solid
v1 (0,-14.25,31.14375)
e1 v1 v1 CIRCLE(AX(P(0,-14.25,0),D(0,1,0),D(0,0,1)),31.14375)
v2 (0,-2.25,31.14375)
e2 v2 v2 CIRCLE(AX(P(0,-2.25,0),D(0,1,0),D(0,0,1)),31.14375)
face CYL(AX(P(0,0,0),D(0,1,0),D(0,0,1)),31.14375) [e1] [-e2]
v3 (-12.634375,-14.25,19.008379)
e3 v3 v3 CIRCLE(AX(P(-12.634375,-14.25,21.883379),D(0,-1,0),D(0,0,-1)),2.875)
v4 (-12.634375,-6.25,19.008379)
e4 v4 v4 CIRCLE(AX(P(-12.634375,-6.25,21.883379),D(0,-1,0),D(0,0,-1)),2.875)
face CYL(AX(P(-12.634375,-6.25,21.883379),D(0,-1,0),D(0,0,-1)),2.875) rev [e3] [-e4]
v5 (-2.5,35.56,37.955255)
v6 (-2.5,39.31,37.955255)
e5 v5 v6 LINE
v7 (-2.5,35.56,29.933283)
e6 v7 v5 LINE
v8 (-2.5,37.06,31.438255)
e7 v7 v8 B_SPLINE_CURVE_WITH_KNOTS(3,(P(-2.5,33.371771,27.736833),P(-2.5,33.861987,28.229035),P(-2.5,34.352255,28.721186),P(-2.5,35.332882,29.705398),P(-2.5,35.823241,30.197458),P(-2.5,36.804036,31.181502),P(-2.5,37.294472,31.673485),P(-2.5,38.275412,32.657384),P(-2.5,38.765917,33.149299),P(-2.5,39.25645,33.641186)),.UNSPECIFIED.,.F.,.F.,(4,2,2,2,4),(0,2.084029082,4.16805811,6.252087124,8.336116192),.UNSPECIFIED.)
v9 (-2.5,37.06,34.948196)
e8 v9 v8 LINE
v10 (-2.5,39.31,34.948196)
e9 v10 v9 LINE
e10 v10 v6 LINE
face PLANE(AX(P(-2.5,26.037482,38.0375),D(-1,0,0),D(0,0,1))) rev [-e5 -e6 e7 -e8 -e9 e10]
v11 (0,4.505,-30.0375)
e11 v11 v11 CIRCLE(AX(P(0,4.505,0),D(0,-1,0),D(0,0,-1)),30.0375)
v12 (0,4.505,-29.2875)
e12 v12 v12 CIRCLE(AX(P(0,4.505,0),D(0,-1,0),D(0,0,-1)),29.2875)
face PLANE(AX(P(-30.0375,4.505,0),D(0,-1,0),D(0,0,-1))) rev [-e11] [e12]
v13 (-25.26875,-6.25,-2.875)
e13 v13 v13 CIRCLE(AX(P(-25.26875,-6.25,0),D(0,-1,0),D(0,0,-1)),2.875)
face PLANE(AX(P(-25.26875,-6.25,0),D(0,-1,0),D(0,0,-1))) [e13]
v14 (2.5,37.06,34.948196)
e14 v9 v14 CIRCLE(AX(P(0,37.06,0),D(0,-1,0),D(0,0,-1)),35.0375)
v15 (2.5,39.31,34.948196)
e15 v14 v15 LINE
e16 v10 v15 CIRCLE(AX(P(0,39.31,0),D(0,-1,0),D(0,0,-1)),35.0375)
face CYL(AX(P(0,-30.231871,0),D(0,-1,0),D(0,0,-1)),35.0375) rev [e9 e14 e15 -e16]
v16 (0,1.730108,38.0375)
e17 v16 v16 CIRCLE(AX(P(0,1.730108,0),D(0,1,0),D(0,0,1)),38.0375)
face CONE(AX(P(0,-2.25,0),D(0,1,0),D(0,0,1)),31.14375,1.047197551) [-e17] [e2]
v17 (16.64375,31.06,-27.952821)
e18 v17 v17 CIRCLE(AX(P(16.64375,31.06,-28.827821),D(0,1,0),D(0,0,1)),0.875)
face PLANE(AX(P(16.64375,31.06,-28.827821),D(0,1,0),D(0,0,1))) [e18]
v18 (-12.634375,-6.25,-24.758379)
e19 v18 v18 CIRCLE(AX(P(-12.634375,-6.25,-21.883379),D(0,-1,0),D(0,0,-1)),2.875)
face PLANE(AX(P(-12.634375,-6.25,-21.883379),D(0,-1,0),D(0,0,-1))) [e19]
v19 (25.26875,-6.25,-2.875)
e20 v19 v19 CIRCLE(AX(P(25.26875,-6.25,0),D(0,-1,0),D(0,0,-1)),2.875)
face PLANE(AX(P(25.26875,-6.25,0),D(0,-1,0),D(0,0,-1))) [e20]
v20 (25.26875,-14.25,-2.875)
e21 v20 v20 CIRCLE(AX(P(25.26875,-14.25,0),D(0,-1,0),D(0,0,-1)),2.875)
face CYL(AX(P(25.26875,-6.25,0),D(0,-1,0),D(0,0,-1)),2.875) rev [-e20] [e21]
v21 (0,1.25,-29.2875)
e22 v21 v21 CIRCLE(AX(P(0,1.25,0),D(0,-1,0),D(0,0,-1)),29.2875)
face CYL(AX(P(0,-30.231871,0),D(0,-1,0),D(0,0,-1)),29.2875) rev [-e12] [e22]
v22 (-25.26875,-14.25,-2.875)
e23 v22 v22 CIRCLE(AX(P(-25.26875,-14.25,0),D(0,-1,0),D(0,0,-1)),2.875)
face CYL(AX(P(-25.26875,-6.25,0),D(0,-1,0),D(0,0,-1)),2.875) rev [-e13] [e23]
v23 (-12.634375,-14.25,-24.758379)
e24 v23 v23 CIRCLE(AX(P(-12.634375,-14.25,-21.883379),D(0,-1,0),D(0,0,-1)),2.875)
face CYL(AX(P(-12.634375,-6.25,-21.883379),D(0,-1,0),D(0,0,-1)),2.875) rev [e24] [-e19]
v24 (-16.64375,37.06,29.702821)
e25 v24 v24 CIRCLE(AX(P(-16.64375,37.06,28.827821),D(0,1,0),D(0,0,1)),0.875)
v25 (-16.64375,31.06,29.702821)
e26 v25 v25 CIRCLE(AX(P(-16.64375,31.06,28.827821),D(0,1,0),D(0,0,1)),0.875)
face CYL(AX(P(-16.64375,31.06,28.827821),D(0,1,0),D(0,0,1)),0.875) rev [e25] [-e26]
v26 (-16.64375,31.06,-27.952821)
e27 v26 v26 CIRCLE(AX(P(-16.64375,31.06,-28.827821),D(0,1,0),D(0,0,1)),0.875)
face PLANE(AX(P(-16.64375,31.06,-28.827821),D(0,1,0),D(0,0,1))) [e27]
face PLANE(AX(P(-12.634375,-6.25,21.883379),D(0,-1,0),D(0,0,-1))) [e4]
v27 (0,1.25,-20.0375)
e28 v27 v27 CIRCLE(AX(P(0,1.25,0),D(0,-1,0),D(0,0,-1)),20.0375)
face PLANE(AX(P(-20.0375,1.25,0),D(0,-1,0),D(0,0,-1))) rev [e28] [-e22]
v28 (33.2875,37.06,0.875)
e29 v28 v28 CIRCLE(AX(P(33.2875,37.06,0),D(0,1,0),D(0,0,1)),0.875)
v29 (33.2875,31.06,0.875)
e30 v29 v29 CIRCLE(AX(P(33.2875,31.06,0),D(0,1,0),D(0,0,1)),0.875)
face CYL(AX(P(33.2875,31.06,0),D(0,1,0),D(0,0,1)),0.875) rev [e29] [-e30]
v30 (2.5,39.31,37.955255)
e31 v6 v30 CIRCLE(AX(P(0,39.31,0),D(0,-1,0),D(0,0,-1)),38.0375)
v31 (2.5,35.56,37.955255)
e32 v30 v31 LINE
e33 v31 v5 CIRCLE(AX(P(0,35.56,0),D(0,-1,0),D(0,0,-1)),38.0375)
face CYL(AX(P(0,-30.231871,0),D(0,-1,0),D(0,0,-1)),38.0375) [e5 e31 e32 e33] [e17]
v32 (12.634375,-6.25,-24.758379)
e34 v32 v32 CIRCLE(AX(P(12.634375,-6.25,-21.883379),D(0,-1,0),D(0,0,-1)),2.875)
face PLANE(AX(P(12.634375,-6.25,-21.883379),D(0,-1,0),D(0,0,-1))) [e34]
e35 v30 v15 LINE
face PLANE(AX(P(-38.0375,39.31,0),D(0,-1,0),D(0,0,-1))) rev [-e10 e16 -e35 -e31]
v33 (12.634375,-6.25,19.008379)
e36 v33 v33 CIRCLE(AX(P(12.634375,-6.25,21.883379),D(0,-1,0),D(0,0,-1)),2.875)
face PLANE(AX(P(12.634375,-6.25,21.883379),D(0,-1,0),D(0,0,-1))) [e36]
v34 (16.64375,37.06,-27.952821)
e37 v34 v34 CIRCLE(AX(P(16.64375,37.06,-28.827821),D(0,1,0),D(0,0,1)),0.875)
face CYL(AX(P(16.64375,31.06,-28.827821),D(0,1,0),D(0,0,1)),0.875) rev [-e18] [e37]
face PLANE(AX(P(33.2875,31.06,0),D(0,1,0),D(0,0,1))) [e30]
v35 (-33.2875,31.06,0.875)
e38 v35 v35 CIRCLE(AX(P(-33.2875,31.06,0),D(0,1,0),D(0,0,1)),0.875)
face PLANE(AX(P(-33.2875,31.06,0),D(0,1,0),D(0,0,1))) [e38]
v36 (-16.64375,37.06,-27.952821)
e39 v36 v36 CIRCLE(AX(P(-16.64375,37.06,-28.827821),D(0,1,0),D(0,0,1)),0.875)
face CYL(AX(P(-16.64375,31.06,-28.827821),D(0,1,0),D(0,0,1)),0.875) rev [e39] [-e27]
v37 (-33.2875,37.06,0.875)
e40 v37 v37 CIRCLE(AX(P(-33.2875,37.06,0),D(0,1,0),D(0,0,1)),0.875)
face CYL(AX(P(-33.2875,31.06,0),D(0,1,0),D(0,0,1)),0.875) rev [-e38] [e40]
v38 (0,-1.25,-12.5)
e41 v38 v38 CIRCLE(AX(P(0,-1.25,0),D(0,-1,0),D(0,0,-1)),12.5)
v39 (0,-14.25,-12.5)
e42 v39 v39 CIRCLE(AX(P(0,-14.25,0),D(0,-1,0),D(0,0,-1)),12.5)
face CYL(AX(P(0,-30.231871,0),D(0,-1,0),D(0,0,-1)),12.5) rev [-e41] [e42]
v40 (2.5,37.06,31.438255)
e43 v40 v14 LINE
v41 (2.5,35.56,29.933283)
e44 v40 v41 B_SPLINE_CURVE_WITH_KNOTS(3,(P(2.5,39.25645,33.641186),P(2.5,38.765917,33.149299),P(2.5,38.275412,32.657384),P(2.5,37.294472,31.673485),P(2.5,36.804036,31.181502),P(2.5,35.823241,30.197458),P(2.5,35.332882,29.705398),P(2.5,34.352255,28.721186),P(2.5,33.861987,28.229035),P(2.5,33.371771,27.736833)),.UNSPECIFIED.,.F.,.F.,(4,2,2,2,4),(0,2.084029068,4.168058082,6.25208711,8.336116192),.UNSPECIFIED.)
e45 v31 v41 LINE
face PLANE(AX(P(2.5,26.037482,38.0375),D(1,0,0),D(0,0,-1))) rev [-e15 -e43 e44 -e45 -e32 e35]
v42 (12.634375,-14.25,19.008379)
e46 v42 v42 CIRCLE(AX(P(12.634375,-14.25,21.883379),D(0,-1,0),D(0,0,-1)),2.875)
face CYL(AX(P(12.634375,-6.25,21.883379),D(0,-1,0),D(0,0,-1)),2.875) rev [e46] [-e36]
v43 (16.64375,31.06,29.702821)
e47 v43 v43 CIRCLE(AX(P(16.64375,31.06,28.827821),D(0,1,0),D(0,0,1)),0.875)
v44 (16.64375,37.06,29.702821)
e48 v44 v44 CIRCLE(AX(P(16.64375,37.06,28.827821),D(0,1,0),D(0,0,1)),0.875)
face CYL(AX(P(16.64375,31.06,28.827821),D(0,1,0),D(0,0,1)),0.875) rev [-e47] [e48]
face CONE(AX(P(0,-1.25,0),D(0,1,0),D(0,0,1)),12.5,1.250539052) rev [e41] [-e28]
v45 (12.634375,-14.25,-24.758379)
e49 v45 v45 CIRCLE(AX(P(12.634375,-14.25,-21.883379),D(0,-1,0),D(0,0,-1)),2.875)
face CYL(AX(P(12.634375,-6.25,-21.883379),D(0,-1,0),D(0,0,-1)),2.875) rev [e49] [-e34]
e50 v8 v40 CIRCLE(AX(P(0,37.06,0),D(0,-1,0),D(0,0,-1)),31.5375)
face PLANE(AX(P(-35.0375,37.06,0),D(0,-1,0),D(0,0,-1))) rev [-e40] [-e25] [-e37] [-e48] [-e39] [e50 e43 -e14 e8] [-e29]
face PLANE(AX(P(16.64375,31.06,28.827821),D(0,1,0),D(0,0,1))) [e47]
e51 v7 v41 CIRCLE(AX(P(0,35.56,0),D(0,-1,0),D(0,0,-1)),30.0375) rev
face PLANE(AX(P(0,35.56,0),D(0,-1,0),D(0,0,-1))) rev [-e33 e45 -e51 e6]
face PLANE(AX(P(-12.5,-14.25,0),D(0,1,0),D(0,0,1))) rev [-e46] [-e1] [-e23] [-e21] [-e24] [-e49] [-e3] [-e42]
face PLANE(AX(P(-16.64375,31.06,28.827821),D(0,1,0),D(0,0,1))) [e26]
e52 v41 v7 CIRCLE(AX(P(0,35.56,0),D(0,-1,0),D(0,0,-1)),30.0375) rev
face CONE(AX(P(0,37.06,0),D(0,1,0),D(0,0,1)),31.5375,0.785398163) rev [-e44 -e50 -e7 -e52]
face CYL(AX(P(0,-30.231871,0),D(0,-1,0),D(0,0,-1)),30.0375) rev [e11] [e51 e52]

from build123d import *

# Parameters (mm, degrees)
CHAMFER1_SIZE     = 1.5
WIRE_START        = -3.75
SKETCH8_W         = 5
SKETCH8_H         = 8.104217416
WIRE_HOLE_DEPTH   = 3.75
SKETCH9_R         = 0.875
FRONT_HOLES_DEPTH = 6
SKETCH10_R        = 2.875
BACK_HOLES_DEPTH  = 8


with BuildPart() as part:
    # Sketch7 → Base Motor Housing (revolve)
    with BuildSketch(Plane.XY, mode=Mode.PRIVATE) as base_motor_housing_sk:
        Polygon((-38.0375, 39.31), (-35.0375, 39.31), (-35.0375, 37.06), (-30.0375, 37.06), (-30.0375, 4.505), (-29.2875, 4.505), (-29.2875, 1.25), (-20.0375, 1.25), (-12.5, -1.25), (-12.5, -14.25), (-38.0375, -14.25), align=None)
    revolve(base_motor_housing_sk.sketch.rotate(Axis((0, -30.231871117, 0), (0, 1, 0)), 270), axis=Axis((0, -30.231871117, 0), (0, 1, 0)))

    # Chamfer1
    chamfer1_edges = [part.edges().sort_by_distance(p)[0] for p in [
        (0, 37.06, 30.0375),
    ]]
    chamfer(chamfer1_edges, length=CHAMFER1_SIZE)

    # Sketch8 → Wire Hole (cut)
    with BuildSketch(Plane(origin=(0, 39.31, 0), x_dir=(1, 0, 0), z_dir=(0, 1, 0)).offset(WIRE_START)):
        with Locations((0, -33.985391292)):
            Rectangle(SKETCH8_W, SKETCH8_H)
    extrude(amount=WIRE_HOLE_DEPTH, mode=Mode.SUBTRACT)

    # Sketch9 → Front-Holes (cut)
    with BuildSketch(Plane(origin=(0, 37.06, 0), x_dir=(1, 0, 0), z_dir=(0, 1, 0))):
        with Locations(Location((-33.2875, 0, 0), (0, 0, 270))):
            Circle(SKETCH9_R)
        with Locations(Location((-16.64375, 28.827820628, 0), (0, 0, 270))):
            Circle(SKETCH9_R)
        with Locations(Location((16.64375, 28.827820628, 0), (0, 0, 270))):
            Circle(SKETCH9_R)
        with Locations(Location((33.2875, 0, 0), (0, 0, 270))):
            Circle(SKETCH9_R)
        with Locations(Location((16.64375, -28.827820628, 0), (0, 0, 270))):
            Circle(SKETCH9_R)
        with Locations(Location((-16.64375, -28.827820628, 0), (0, 0, 270))):
            Circle(SKETCH9_R)
    extrude(amount=-FRONT_HOLES_DEPTH, mode=Mode.SUBTRACT)

    # Sketch10 → Back-Holes (cut)
    with BuildSketch(Plane.XZ.offset(14.25)):
        with Locations(Location((-25.26875, 0, 0), (0, 0, 270))):
            Circle(SKETCH10_R)
        with Locations(Location((-12.634375, 21.883379422, 0), (0, 0, 270))):
            Circle(SKETCH10_R)
        with Locations(Location((12.634375, 21.883379422, 0), (0, 0, 270))):
            Circle(SKETCH10_R)
        with Locations(Location((25.26875, 0, 0), (0, 0, 270))):
            Circle(SKETCH10_R)
        with Locations(Location((12.634375, -21.883379422, 0), (0, 0, 270))):
            Circle(SKETCH10_R)
        with Locations(Location((-12.634375, -21.883379422, 0), (0, 0, 270))):
            Circle(SKETCH10_R)
    extrude(amount=-BACK_HOLES_DEPTH, mode=Mode.SUBTRACT)

    # Sketch11 → Cut-Revolve1 (revolve, cut)
    with BuildSketch(Plane.XY, mode=Mode.PRIVATE) as cut_revolve1_sk:
        Polygon((31.14375, -14.25), (31.14375, -2.25), (38.0375, 1.730108418), (38.0375, -14.25), align=None)
    revolve(cut_revolve1_sk.sketch.rotate(Axis((0, 0, 0), (0, -1, 0)), 90), axis=Axis((0, 0, 0), (0, -1, 0)), mode=Mode.SUBTRACT)


solid = part.part
